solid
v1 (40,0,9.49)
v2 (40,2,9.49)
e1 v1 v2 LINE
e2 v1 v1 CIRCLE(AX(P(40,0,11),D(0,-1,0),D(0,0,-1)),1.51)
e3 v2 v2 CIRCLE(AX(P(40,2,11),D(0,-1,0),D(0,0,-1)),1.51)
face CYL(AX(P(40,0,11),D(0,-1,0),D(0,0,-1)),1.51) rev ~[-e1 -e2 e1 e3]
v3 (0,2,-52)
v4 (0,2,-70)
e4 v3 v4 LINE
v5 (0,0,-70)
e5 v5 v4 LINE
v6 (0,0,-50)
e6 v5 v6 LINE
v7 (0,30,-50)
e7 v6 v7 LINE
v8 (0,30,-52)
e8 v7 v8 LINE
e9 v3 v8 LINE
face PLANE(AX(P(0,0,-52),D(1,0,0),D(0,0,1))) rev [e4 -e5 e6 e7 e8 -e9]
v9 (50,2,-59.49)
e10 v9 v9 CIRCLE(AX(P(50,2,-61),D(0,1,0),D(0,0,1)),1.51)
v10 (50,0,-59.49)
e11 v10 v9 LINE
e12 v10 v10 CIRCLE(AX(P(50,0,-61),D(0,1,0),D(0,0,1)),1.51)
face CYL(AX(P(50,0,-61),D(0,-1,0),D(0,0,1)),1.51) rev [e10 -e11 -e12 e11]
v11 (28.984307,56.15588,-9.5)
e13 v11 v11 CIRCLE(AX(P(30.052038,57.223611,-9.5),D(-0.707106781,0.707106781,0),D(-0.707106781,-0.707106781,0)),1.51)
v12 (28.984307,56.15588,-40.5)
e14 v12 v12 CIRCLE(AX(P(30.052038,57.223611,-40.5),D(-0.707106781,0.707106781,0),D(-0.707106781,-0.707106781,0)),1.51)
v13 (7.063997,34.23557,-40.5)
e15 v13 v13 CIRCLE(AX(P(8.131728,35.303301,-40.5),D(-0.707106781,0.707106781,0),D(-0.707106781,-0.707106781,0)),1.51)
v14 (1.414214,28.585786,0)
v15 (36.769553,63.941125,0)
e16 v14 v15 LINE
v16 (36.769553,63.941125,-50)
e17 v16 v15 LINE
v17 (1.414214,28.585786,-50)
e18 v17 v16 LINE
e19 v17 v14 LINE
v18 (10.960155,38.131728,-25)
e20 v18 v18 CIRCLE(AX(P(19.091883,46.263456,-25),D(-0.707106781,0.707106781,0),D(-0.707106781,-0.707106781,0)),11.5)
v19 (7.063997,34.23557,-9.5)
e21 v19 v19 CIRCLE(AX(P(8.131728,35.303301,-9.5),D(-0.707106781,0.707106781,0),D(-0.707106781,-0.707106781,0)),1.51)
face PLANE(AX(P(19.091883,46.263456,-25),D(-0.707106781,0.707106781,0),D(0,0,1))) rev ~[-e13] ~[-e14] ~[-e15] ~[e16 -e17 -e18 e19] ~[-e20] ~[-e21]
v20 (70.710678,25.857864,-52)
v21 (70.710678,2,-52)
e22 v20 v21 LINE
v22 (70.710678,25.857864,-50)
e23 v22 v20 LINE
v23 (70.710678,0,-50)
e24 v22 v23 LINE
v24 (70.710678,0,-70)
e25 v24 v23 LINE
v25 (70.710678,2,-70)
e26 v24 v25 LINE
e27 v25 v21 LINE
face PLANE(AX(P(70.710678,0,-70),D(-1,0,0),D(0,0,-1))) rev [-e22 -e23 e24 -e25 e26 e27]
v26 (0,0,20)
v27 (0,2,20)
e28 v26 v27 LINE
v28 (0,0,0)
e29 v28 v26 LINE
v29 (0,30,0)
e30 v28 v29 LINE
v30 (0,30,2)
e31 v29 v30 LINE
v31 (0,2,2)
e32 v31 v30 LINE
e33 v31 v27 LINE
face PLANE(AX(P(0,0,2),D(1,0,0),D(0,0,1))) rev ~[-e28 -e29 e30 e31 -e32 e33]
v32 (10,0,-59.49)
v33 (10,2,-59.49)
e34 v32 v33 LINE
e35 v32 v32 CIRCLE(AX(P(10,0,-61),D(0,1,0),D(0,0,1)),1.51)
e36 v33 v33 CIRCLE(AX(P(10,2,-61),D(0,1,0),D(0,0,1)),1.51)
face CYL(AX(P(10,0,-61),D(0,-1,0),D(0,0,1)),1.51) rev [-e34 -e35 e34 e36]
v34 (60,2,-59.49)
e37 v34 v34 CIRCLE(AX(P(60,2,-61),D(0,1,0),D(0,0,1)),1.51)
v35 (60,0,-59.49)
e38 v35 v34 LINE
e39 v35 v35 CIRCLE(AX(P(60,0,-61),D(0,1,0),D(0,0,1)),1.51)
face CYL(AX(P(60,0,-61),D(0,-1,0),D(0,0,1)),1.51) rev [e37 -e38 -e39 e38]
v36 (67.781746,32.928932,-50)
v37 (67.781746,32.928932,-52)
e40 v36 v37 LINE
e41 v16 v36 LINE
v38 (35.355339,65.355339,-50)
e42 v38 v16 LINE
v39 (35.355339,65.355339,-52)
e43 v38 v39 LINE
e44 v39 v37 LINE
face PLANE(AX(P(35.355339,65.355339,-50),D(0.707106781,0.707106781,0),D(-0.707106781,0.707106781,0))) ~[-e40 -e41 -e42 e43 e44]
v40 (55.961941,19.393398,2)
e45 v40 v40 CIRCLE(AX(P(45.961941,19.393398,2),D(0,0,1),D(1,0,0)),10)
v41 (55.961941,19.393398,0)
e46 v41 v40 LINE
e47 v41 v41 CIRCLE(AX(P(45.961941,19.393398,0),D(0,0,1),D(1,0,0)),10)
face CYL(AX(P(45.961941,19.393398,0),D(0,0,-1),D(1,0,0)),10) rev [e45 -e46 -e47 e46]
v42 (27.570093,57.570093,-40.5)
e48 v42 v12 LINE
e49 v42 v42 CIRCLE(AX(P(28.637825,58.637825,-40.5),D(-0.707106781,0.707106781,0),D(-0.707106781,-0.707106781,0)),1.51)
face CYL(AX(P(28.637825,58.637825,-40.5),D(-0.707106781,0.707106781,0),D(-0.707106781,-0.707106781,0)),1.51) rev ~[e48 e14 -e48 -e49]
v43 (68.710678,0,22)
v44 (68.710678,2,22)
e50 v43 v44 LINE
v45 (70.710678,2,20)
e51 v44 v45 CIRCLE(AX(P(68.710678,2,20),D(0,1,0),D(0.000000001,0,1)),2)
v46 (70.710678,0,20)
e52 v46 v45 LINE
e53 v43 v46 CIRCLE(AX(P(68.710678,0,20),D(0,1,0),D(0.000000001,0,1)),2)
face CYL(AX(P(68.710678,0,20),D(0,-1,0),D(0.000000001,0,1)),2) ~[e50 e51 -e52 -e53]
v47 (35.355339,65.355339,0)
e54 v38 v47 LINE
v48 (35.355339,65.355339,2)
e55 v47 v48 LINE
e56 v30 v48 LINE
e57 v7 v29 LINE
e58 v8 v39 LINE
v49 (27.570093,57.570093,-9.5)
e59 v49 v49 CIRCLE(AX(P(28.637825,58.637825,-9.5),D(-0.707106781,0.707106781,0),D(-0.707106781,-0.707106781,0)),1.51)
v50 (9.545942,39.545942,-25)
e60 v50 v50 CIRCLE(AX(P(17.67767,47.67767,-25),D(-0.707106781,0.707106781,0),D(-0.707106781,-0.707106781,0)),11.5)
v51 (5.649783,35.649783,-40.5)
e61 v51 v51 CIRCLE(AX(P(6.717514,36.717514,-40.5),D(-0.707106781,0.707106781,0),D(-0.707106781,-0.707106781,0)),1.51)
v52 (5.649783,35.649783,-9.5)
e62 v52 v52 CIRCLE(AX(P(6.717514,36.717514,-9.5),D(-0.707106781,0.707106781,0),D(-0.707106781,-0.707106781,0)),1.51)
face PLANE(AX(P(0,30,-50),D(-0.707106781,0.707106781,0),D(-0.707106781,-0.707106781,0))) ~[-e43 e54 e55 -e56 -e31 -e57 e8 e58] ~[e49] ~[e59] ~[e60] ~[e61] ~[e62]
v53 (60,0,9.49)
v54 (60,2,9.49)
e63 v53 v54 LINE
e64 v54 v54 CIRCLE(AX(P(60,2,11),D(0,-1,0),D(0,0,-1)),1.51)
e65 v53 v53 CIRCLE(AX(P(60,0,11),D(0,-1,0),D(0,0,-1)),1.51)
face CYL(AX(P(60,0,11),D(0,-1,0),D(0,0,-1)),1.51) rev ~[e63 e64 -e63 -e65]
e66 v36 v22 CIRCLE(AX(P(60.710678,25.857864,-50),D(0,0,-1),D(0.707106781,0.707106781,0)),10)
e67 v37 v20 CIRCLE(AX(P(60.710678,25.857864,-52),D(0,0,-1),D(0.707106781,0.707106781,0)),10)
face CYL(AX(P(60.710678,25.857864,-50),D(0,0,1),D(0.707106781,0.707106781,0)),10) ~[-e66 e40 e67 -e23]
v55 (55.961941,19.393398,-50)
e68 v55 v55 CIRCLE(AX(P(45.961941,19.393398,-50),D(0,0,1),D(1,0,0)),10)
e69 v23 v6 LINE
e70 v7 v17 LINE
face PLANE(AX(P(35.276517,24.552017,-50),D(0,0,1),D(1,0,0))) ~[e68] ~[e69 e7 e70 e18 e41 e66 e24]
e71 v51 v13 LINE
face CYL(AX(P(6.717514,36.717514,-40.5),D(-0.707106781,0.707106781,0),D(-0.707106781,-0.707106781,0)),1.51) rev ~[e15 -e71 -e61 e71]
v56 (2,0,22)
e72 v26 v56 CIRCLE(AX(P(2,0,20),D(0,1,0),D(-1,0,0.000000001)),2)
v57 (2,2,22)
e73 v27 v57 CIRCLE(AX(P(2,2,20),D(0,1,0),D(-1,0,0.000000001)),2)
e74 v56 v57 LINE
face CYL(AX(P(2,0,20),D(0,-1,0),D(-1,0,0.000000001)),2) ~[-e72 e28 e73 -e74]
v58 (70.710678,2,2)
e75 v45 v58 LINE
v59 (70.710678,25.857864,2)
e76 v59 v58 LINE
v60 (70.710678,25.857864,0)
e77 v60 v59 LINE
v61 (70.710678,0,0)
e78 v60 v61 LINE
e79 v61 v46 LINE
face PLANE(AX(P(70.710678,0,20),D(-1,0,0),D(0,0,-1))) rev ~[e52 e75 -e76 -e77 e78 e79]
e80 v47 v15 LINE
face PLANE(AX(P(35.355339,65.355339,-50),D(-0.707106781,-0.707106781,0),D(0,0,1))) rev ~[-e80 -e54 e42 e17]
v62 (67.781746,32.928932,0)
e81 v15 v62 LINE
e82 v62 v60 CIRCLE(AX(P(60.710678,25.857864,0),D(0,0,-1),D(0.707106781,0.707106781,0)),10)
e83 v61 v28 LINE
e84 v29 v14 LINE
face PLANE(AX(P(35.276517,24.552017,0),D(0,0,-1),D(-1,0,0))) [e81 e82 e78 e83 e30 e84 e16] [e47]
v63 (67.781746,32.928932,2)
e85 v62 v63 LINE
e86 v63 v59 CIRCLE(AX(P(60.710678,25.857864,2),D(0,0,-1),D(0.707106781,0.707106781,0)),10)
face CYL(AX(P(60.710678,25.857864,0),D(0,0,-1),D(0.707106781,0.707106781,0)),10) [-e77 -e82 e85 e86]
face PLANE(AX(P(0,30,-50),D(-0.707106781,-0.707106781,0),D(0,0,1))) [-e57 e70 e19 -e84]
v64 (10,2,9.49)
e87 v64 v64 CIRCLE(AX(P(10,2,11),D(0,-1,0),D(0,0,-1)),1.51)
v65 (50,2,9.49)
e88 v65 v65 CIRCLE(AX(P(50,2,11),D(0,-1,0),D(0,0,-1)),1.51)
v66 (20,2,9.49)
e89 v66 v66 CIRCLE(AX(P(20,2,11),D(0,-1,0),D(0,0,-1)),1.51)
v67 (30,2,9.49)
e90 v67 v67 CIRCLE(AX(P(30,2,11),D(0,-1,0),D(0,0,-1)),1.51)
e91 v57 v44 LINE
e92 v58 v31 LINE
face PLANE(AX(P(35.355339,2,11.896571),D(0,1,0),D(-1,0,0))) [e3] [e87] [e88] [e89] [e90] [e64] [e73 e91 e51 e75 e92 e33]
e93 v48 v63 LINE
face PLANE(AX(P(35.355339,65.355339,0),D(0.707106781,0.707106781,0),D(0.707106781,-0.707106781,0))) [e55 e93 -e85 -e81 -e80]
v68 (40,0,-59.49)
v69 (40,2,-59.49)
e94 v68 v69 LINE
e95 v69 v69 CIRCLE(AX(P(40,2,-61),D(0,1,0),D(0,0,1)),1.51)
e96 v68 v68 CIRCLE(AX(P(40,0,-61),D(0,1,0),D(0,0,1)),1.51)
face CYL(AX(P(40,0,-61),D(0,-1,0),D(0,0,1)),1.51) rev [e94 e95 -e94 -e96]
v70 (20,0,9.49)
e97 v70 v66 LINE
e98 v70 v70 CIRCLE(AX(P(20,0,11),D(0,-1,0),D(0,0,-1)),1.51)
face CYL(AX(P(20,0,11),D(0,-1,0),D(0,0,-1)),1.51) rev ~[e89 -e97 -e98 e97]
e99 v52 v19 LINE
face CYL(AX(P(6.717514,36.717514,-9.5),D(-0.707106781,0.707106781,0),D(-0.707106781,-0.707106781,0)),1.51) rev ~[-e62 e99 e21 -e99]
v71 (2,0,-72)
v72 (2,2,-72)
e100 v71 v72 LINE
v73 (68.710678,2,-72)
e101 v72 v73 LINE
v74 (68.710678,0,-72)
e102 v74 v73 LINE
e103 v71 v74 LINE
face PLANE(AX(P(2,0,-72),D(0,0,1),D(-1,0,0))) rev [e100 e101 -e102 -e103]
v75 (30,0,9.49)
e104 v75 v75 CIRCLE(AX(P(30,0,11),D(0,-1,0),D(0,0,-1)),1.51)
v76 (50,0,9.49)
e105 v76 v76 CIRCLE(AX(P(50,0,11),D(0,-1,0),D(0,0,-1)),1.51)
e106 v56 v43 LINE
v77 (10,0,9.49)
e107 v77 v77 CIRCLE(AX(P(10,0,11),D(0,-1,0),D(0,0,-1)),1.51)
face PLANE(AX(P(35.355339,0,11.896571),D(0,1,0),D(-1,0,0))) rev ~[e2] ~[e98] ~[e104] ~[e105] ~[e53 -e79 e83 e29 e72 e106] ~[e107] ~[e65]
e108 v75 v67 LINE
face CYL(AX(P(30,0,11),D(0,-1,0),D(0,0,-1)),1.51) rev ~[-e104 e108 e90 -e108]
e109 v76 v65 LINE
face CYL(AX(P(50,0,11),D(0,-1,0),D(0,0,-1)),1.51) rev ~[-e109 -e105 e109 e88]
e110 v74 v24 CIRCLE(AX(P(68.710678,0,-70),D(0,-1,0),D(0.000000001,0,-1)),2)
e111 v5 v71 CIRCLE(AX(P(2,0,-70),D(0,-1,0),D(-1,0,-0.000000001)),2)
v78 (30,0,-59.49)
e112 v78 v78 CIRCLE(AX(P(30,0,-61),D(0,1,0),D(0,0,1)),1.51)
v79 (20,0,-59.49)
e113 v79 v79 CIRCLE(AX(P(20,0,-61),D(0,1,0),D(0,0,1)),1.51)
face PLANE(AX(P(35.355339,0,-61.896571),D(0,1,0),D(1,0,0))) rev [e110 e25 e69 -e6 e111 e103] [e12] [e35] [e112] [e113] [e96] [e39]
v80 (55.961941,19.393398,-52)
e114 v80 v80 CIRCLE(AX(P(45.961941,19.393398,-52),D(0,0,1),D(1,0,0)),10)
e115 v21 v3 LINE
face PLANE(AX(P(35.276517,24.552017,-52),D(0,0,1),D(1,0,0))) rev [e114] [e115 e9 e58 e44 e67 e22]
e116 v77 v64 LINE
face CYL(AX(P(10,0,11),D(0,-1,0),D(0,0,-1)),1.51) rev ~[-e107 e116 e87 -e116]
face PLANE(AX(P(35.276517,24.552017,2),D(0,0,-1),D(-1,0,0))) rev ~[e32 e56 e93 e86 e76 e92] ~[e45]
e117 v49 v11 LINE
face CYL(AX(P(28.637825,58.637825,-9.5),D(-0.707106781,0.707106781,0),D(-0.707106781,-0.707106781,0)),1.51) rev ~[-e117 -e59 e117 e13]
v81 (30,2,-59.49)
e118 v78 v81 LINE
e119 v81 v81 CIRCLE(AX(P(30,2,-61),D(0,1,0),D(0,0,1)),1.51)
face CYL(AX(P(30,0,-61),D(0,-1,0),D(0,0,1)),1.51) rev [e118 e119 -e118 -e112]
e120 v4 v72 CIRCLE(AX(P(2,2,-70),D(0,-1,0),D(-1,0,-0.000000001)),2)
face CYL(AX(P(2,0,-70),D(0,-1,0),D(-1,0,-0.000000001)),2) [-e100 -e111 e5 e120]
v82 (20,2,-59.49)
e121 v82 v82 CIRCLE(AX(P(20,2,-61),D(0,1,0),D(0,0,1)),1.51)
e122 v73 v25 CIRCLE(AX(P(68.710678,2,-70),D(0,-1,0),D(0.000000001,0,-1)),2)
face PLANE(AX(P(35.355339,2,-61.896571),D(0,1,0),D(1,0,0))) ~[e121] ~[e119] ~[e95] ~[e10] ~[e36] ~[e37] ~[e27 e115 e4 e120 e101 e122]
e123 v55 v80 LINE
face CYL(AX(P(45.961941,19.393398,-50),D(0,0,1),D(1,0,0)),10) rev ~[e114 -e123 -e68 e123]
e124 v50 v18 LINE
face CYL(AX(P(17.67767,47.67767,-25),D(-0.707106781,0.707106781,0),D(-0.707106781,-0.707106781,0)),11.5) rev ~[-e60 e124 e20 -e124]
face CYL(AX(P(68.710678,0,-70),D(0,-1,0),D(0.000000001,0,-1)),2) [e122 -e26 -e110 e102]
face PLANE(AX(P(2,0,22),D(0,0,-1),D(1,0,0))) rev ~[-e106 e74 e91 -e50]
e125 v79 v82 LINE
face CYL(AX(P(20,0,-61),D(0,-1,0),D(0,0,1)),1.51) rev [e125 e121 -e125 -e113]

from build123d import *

# Parameters (mm, degrees)
SKETCH_1_R      = 10
EXTRUDE_1_DEPTH = 2
SKETCH_2_W      = 50
SKETCH_2_H      = 50
SKETCH_2_R      = 11.5
SKETCH_2_R_2    = 1.51
EXTRUDE_2_DEPTH = 2
SKETCH_3_R      = 1.51
EXTRUDE_3_DEPTH = 2


with BuildPart() as part:
    # 草图1 → 凸台-拉伸1 (new body)
    with BuildSketch(Plane.XY):
        with BuildLine():
            Line((0, 0), (0, 30))
            Line((0, 30), (35.355339059, 65.355339059))
            Line((35.355339059, 65.355339059), (67.781745931, 32.928932188))
            ThreePointArc((67.781745931, 32.928932188), (69.949473444, 29.6846987), (70.710678119, 25.857864376))
            Line((70.710678119, 25.857864376), (70.710678119, 0))
            Line((70.710678119, 0), (0, 0))
        make_face()
        with Locations((45.961940777, 19.393398282)):
            Circle(SKETCH_1_R, mode=Mode.SUBTRACT)
    extrude_1 = extrude(amount=EXTRUDE_1_DEPTH)

    # 草图2 → 凸台-拉伸2 (add)
    with BuildSketch(Plane(origin=(-15, 15, 0), x_dir=(0, 0, 1), z_dir=(-0.7071067811865477, 0.7071067811865475, 0))):
        with Locations((-25, 46.213203436)):
            Rectangle(SKETCH_2_W, SKETCH_2_H)
        with Locations(Location((-25, 46.213203436, 0), (0, 0, 270))):
            Circle(SKETCH_2_R, mode=Mode.SUBTRACT)
        with Locations(Location((-40.5, 61.713203436, 0), (0, 0, 270))):
            Circle(SKETCH_2_R_2, mode=Mode.SUBTRACT)
        with Locations(Location((-9.5, 61.713203436, 0), (0, 0, 270))):
            Circle(SKETCH_2_R_2, mode=Mode.SUBTRACT)
        with Locations(Location((-9.5, 30.713203436, 0), (0, 0, 270))):
            Circle(SKETCH_2_R_2, mode=Mode.SUBTRACT)
        with Locations(Location((-40.5, 30.713203436, 0), (0, 0, 270))):
            Circle(SKETCH_2_R_2, mode=Mode.SUBTRACT)
    extrude(amount=-EXTRUDE_2_DEPTH)

    # 草图3 → 凸台-拉伸3 (add)
    with BuildSketch(Plane.XZ):
        with BuildLine():
            Line((0, 2), (0, 20))
            ThreePointArc((0, 20), (0.585786438, 21.414213562), (2, 22))
            Line((2, 22), (68.710678119, 22))
            ThreePointArc((68.710678119, 22), (70.124891681, 21.414213562), (70.710678119, 20))
            Line((70.710678119, 20), (70.710678119, 2))
            Line((70.710678119, 2), (0, 2))
        make_face()
        with Locations(Location((10, 11, 0), (0, 0, 270))):
            Circle(SKETCH_3_R, mode=Mode.SUBTRACT)
        with Locations(Location((20, 11, 0), (0, 0, 270))):
            Circle(SKETCH_3_R, mode=Mode.SUBTRACT)
        with Locations(Location((30, 11, 0), (0, 0, 270))):
            Circle(SKETCH_3_R, mode=Mode.SUBTRACT)
        with Locations(Location((40, 11, 0), (0, 0, 270))):
            Circle(SKETCH_3_R, mode=Mode.SUBTRACT)
        with Locations(Location((50, 11, 0), (0, 0, 270))):
            Circle(SKETCH_3_R, mode=Mode.SUBTRACT)
        with Locations(Location((60, 11, 0), (0, 0, 270))):
            Circle(SKETCH_3_R, mode=Mode.SUBTRACT)
    extrude_3 = extrude(amount=-EXTRUDE_3_DEPTH)

    # 镜向1: 凸台-拉伸1, 凸台-拉伸3 across plane
    add(extrude_1.mirror(Plane(origin=(0, 0, -25), x_dir=(1, 0, 0), z_dir=(0, 0, -1))))
    add(extrude_3.mirror(Plane(origin=(0, 0, -25), x_dir=(1, 0, 0), z_dir=(0, 0, -1))))


solid = part.part
